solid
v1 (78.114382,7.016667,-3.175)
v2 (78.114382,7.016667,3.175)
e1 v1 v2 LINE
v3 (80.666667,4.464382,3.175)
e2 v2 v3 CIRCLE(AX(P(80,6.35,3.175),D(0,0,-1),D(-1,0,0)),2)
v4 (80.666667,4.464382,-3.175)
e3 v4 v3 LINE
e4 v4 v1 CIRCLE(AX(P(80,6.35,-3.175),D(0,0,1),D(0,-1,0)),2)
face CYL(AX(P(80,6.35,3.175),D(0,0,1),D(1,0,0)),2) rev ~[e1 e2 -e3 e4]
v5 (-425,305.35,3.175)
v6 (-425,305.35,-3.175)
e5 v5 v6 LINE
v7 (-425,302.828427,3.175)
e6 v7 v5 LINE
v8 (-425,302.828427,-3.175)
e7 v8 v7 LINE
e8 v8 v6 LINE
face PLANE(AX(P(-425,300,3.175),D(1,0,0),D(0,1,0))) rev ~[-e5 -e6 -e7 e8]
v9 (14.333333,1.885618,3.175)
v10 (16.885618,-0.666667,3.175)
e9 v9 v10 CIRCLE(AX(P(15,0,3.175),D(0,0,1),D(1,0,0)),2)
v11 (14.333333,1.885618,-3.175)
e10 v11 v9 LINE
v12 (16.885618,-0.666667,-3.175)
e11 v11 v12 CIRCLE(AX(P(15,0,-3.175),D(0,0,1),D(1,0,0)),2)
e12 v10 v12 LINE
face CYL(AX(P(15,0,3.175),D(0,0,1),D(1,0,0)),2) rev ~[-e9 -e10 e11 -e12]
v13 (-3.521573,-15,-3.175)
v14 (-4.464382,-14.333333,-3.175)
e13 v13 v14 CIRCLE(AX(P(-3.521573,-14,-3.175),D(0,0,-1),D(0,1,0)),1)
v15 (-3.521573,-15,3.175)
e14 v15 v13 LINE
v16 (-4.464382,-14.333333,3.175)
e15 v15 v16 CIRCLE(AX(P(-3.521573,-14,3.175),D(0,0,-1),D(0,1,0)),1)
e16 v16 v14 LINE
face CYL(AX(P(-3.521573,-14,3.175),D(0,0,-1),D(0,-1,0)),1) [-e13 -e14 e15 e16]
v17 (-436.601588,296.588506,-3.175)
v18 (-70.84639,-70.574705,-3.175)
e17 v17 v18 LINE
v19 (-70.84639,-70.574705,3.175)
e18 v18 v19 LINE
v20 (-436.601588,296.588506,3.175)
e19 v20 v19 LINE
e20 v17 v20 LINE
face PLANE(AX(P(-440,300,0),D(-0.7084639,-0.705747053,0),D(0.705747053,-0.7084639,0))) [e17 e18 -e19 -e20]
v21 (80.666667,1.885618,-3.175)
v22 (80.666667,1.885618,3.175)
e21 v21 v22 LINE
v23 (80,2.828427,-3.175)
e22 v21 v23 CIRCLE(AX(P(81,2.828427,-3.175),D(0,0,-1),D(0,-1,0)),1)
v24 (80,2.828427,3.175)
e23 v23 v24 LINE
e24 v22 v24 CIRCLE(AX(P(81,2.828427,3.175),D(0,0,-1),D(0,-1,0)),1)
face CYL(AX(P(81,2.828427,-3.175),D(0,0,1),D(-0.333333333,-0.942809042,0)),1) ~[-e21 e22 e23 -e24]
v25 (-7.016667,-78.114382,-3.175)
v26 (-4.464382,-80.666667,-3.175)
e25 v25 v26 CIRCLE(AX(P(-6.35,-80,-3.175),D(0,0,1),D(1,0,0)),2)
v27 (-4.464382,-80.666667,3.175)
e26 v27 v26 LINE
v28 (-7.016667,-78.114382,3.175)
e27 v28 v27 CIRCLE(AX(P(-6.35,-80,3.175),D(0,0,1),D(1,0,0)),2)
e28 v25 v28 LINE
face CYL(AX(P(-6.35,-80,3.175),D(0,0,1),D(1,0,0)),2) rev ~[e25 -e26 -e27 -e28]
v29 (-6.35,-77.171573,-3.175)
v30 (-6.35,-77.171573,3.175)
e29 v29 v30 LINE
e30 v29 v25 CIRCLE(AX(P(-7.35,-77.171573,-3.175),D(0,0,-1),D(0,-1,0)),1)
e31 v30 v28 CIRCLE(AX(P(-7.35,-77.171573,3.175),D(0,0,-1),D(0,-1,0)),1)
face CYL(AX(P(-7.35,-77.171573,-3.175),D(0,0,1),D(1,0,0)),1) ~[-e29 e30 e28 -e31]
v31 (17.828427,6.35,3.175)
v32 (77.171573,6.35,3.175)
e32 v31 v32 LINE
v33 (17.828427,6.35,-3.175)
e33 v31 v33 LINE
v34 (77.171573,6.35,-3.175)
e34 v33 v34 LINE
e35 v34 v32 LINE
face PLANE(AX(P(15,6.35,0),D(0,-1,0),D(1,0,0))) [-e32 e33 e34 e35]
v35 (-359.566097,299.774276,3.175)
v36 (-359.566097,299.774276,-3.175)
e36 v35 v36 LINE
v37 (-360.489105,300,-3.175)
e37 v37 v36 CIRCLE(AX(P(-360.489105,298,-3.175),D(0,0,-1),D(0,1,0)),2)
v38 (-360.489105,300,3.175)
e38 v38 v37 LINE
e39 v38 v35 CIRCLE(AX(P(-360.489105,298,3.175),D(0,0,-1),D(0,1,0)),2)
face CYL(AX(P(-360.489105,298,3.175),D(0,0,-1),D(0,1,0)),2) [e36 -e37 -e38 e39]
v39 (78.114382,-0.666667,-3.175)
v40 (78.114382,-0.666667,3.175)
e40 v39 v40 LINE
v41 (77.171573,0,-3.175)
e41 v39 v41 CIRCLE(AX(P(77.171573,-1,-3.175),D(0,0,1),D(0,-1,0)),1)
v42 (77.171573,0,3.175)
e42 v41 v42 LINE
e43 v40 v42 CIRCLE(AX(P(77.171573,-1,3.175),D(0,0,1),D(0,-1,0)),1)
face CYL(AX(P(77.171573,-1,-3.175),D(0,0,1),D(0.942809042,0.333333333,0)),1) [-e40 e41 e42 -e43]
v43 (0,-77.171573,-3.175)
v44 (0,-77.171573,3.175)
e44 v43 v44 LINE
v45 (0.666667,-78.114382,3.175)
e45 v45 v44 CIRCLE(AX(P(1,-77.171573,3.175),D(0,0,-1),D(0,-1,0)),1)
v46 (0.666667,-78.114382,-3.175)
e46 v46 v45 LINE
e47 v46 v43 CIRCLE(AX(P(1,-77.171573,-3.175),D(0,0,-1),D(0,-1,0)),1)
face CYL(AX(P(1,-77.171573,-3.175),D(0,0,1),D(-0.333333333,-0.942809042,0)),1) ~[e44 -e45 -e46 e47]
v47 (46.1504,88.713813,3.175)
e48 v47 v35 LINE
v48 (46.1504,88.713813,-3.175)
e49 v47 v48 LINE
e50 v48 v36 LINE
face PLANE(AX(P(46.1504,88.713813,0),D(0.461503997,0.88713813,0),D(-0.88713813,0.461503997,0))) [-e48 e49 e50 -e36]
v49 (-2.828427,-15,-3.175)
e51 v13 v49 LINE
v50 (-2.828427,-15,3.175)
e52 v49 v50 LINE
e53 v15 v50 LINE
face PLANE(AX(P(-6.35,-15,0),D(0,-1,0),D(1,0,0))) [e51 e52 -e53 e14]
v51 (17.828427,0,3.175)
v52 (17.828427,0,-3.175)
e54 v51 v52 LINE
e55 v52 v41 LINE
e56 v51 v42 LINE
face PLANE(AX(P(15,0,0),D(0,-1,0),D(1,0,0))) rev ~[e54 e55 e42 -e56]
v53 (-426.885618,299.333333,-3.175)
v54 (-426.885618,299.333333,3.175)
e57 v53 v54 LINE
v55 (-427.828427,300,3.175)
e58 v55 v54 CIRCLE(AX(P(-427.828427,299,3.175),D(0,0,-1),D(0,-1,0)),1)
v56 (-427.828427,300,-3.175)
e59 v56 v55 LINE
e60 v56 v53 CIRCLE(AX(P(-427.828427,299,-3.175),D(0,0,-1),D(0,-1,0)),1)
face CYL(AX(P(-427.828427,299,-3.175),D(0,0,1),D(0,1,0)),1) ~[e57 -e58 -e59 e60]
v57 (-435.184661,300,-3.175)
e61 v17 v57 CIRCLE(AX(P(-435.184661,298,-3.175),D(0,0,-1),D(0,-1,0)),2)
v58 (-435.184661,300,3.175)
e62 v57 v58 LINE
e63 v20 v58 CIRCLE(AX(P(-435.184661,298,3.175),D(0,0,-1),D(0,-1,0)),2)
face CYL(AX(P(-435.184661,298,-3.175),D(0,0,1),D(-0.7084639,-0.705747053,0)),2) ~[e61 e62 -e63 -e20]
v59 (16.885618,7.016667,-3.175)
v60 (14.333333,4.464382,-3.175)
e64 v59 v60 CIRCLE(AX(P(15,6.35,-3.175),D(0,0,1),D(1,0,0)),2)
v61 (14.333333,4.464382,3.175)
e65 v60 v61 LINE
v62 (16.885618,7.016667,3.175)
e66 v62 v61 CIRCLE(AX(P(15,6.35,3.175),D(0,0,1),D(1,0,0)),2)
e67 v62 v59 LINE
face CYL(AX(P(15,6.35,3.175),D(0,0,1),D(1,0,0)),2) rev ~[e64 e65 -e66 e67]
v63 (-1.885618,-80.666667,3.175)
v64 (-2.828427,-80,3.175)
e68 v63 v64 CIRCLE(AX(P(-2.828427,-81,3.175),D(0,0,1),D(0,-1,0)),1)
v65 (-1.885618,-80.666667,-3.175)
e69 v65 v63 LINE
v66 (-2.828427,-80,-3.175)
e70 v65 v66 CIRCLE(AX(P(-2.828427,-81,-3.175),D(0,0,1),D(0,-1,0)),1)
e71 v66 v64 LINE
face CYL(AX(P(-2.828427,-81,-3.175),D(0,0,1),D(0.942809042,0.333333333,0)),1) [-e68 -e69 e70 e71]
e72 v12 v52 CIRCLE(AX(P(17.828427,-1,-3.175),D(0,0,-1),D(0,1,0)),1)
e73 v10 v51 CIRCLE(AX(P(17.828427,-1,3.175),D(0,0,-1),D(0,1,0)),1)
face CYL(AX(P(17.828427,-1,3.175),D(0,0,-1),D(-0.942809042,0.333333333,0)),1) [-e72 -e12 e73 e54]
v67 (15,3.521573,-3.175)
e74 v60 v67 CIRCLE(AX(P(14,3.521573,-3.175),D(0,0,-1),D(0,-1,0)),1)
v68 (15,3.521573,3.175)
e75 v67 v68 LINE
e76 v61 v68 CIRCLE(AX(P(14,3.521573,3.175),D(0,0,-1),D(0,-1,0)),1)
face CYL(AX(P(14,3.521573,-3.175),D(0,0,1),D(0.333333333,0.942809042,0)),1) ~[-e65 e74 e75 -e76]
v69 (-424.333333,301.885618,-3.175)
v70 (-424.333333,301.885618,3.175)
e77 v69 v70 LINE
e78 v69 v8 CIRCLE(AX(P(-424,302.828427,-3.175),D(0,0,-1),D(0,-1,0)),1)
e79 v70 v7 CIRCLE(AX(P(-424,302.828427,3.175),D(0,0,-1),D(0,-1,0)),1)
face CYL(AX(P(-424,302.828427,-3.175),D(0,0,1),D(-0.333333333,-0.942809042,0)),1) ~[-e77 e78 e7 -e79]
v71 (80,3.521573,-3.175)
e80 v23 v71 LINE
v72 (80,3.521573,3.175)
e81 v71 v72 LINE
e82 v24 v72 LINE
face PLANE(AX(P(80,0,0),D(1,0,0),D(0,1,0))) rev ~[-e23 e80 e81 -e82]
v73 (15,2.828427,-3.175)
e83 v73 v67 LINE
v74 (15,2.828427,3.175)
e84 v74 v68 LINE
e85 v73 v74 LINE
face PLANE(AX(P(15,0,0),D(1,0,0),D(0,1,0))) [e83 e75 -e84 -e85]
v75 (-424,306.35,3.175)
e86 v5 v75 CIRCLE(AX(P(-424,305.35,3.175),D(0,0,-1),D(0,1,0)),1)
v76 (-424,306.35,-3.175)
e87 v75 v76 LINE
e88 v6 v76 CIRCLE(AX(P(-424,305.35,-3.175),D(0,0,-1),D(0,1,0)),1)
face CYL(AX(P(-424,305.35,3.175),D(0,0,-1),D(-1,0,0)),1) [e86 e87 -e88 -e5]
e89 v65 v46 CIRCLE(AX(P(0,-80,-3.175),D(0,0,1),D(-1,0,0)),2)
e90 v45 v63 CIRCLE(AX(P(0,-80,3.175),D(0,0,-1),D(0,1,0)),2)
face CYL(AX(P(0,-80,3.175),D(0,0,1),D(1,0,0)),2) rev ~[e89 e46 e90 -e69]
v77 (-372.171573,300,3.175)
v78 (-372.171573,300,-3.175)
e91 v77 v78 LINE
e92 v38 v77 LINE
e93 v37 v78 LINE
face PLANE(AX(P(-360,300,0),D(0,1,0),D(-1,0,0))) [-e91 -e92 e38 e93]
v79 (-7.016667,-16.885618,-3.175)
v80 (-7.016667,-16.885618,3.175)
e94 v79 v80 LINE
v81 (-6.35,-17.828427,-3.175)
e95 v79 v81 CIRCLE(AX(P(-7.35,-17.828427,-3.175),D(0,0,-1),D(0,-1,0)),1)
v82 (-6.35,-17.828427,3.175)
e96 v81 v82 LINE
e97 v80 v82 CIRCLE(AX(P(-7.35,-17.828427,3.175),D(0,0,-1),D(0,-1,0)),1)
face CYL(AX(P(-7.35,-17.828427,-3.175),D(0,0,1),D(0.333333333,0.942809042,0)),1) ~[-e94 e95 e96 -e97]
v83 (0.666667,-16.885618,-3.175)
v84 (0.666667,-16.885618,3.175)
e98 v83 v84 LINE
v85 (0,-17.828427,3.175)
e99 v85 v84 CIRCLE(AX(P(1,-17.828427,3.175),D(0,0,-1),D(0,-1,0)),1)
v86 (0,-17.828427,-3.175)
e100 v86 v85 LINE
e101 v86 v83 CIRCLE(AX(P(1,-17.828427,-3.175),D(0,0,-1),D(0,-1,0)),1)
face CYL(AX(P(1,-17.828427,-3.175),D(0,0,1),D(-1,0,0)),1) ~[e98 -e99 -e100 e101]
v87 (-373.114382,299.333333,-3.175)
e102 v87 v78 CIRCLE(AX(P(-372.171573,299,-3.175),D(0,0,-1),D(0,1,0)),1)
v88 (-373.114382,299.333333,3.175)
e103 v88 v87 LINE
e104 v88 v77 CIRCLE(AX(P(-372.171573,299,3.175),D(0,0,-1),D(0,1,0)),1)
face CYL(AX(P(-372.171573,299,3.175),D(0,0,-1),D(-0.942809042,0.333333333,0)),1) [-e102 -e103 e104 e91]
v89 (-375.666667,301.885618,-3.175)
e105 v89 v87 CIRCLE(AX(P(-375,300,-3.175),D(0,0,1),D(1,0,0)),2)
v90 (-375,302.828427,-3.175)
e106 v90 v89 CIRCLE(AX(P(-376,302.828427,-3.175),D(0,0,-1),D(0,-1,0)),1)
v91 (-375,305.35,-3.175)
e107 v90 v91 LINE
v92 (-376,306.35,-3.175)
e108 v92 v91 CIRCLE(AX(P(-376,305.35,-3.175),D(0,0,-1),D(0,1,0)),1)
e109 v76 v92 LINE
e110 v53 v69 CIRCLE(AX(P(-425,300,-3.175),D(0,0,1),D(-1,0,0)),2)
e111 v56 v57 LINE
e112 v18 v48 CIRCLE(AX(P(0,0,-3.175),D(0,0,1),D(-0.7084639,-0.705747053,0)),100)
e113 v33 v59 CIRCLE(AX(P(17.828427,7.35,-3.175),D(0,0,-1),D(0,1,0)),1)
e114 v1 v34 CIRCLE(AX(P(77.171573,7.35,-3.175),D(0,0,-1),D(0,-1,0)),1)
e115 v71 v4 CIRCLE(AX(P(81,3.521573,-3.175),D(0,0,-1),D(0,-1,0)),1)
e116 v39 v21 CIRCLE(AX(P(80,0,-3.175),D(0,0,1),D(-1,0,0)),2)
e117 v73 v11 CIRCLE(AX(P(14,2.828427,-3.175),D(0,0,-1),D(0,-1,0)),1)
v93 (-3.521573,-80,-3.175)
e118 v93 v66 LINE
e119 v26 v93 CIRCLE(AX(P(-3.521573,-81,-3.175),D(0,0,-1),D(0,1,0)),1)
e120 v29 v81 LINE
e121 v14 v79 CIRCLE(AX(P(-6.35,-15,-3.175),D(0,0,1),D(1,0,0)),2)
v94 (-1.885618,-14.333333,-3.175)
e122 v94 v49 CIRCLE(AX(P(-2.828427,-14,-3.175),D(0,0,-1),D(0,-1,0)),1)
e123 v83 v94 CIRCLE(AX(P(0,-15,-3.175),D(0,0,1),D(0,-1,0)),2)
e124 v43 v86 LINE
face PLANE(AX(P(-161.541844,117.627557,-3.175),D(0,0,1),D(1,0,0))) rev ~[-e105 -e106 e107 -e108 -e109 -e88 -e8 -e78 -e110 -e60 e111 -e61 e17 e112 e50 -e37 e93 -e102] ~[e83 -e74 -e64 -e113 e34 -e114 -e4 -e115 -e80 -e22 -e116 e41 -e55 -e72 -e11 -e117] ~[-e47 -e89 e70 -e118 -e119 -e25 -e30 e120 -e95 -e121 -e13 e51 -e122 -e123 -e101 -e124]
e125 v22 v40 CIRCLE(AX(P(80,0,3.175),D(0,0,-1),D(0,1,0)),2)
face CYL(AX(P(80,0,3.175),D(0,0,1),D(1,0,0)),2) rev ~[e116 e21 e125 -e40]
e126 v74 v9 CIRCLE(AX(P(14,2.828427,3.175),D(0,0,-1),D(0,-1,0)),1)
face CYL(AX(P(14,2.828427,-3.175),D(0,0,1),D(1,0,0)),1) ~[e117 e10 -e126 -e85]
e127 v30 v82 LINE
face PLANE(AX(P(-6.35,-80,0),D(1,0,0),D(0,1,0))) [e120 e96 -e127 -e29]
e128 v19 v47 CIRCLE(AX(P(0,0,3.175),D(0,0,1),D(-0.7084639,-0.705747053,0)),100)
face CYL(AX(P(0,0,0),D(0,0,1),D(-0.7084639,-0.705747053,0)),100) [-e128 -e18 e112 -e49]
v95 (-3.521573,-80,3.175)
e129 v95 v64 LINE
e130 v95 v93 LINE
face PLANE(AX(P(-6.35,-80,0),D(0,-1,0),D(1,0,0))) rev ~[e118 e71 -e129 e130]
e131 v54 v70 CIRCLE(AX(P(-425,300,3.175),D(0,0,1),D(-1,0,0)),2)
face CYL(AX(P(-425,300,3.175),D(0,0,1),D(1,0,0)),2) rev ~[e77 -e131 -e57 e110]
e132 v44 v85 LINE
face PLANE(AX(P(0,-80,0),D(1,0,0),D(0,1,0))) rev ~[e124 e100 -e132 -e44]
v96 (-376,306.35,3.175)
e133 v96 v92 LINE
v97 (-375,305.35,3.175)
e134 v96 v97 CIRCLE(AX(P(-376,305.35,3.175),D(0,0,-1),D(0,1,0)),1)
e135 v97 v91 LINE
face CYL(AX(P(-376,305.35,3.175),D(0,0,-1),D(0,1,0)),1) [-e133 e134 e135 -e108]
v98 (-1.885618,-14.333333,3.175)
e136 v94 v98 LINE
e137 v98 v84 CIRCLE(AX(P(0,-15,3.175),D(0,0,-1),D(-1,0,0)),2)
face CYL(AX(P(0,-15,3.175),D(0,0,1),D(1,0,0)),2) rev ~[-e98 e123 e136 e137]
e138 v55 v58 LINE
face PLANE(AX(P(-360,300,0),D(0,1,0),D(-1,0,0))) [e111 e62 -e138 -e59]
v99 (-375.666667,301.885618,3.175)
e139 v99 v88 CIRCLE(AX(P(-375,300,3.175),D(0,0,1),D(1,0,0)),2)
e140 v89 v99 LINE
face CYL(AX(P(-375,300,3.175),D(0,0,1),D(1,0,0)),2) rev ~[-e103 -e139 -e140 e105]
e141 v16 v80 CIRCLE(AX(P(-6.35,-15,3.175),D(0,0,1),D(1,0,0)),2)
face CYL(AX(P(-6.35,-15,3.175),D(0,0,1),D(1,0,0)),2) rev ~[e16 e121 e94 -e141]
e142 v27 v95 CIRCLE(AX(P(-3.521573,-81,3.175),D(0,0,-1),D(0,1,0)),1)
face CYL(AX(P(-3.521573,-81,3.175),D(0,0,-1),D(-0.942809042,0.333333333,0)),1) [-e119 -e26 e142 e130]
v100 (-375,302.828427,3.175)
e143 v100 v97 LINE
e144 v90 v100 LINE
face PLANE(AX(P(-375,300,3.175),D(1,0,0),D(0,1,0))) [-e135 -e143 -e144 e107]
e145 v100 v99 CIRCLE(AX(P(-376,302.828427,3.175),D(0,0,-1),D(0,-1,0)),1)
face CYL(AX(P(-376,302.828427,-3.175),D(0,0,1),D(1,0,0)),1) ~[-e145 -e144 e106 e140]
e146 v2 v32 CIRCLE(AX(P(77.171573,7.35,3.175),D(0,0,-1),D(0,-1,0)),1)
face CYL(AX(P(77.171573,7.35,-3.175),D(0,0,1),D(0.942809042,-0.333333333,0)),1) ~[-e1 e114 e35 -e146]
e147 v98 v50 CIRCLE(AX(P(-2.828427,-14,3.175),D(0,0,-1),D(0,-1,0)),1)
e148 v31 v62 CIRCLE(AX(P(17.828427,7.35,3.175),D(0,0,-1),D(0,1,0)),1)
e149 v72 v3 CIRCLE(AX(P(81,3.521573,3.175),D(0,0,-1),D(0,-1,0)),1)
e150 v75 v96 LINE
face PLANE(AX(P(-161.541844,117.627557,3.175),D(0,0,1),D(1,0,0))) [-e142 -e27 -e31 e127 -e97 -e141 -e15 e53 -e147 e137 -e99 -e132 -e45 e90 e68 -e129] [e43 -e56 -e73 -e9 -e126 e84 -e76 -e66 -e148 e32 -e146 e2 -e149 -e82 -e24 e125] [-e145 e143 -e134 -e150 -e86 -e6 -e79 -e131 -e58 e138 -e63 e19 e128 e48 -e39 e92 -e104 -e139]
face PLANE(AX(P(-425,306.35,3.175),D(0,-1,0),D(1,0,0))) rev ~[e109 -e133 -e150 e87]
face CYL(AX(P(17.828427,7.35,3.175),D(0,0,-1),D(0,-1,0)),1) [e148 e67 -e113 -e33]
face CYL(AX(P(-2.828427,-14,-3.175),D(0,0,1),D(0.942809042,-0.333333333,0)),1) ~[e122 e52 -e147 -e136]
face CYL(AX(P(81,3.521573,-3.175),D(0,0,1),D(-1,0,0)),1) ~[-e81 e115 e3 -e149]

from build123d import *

# Parameters (mm, degrees)
SKETCH1_W           = 6.35
SKETCH1_H           = 65
SKETCH1_W_2         = 65
SKETCH1_H_2         = 6.35
BOSS_EXTRUDE1_DEPTH = 3.175
SKETCH2_W           = 50
SKETCH2_H           = 6.35
BOSS_EXTRUDE2_DEPTH = 6.35
SKETCH3_R           = 2
CUT_EXTRUDE1_DEPTH  = 7.35
FILLET1_R           = 1
SKETCH4_R           = 2
CUT_EXTRUDE2_DEPTH  = 7.35
FILLET2_R           = 1
FILLET3_R           = 2


with BuildPart() as part:
    # Sketch1 → Boss-Extrude1 (new body, symmetric)
    with BuildSketch(Plane.XY):
        with BuildLine():
            Line((-360, 300), (-440, 300))
            Line((-440, 300), (-70.846389974, -70.574705296))
            ThreePointArc((-70.846389974, -70.574705296), (80.595787705, -59.197288825), (46.150399684, 88.713812955))
            Line((46.150399684, 88.713812955), (-360, 300))
        make_face()
        with Locations((-3.175, -47.5)):
            Rectangle(SKETCH1_W, SKETCH1_H, mode=Mode.SUBTRACT)
        with Locations((47.5, 3.175)):
            Rectangle(SKETCH1_W_2, SKETCH1_H_2, mode=Mode.SUBTRACT)
    extrude(amount=BOSS_EXTRUDE1_DEPTH, both=True)

    # Sketch2 → Boss-Extrude2 (add)
    with BuildSketch(Plane.XY.offset(3.175)):
        with Locations((-400, 303.175)):
            Rectangle(SKETCH2_W, SKETCH2_H)
    extrude(amount=-BOSS_EXTRUDE2_DEPTH)

    # Sketch3 → Cut-Extrude1 (cut, through all)
    with BuildSketch(Plane.XY.offset(3.175)):
        with Locations((-6.35, -15)):
            Circle(SKETCH3_R)
        with Locations((0, -15)):
            Circle(SKETCH3_R)
        with Locations((-6.35, -80)):
            Circle(SKETCH3_R)
        with Locations((0, -80)):
            Circle(SKETCH3_R)
        with Locations((15, 0)):
            Circle(SKETCH3_R)
        with Locations((15, 6.35)):
            Circle(SKETCH3_R)
        with Locations((80, 6.35)):
            Circle(SKETCH3_R)
        with Locations((80, 0)):
            Circle(SKETCH3_R)
    extrude(amount=-CUT_EXTRUDE1_DEPTH, mode=Mode.SUBTRACT)

    # Fillet1
    fillet1_edges = [part.edges().sort_by_distance(p)[0] for p in [
        (17, 6.35, 0),
        (80, 4.35, 0),
        (78, 0, 0),
        (-6.35, -17, 0),
        (15, 4.35, 0),
        (15, 2, 0),
        (78, 6.35, 0),
        (80, 2, 0),
        (-4.35, -15, 0),
        (-2, -15, 0),
        (0, -78, 0),
        (-4.35, -80, 0),
        (17, 0, 0),
        (-2, -80, 0),
        (-6.35, -78, 0),
        (0, -17, 0),
    ]]
    fillet(fillet1_edges, radius=FILLET1_R)

    # Sketch4 → Cut-Extrude2 (cut, through all)
    with BuildSketch(Plane.XY.offset(3.175)):
        with Locations((-425, 300)):
            Circle(SKETCH4_R)
        with Locations((-375, 300)):
            Circle(SKETCH4_R)
    extrude(amount=-CUT_EXTRUDE2_DEPTH, mode=Mode.SUBTRACT)

    # Fillet2
    fillet2_edges = [part.edges().sort_by_distance(p)[0] for p in [
        (-375, 302, 0),
        (-425, 302, 0),
        (-427, 300, 0),
        (-373, 300, 0),
        (-425, 306.35, 0),
        (-375, 306.35, 0),
    ]]
    fillet(fillet2_edges, radius=FILLET2_R)

    # Fillet3
    fillet3_edges = [part.edges().sort_by_distance(p)[0] for p in [
        (-440, 300, 0),
        (-360, 300, 0),
    ]]
    fillet(fillet3_edges, radius=FILLET3_R)


solid = part.part
